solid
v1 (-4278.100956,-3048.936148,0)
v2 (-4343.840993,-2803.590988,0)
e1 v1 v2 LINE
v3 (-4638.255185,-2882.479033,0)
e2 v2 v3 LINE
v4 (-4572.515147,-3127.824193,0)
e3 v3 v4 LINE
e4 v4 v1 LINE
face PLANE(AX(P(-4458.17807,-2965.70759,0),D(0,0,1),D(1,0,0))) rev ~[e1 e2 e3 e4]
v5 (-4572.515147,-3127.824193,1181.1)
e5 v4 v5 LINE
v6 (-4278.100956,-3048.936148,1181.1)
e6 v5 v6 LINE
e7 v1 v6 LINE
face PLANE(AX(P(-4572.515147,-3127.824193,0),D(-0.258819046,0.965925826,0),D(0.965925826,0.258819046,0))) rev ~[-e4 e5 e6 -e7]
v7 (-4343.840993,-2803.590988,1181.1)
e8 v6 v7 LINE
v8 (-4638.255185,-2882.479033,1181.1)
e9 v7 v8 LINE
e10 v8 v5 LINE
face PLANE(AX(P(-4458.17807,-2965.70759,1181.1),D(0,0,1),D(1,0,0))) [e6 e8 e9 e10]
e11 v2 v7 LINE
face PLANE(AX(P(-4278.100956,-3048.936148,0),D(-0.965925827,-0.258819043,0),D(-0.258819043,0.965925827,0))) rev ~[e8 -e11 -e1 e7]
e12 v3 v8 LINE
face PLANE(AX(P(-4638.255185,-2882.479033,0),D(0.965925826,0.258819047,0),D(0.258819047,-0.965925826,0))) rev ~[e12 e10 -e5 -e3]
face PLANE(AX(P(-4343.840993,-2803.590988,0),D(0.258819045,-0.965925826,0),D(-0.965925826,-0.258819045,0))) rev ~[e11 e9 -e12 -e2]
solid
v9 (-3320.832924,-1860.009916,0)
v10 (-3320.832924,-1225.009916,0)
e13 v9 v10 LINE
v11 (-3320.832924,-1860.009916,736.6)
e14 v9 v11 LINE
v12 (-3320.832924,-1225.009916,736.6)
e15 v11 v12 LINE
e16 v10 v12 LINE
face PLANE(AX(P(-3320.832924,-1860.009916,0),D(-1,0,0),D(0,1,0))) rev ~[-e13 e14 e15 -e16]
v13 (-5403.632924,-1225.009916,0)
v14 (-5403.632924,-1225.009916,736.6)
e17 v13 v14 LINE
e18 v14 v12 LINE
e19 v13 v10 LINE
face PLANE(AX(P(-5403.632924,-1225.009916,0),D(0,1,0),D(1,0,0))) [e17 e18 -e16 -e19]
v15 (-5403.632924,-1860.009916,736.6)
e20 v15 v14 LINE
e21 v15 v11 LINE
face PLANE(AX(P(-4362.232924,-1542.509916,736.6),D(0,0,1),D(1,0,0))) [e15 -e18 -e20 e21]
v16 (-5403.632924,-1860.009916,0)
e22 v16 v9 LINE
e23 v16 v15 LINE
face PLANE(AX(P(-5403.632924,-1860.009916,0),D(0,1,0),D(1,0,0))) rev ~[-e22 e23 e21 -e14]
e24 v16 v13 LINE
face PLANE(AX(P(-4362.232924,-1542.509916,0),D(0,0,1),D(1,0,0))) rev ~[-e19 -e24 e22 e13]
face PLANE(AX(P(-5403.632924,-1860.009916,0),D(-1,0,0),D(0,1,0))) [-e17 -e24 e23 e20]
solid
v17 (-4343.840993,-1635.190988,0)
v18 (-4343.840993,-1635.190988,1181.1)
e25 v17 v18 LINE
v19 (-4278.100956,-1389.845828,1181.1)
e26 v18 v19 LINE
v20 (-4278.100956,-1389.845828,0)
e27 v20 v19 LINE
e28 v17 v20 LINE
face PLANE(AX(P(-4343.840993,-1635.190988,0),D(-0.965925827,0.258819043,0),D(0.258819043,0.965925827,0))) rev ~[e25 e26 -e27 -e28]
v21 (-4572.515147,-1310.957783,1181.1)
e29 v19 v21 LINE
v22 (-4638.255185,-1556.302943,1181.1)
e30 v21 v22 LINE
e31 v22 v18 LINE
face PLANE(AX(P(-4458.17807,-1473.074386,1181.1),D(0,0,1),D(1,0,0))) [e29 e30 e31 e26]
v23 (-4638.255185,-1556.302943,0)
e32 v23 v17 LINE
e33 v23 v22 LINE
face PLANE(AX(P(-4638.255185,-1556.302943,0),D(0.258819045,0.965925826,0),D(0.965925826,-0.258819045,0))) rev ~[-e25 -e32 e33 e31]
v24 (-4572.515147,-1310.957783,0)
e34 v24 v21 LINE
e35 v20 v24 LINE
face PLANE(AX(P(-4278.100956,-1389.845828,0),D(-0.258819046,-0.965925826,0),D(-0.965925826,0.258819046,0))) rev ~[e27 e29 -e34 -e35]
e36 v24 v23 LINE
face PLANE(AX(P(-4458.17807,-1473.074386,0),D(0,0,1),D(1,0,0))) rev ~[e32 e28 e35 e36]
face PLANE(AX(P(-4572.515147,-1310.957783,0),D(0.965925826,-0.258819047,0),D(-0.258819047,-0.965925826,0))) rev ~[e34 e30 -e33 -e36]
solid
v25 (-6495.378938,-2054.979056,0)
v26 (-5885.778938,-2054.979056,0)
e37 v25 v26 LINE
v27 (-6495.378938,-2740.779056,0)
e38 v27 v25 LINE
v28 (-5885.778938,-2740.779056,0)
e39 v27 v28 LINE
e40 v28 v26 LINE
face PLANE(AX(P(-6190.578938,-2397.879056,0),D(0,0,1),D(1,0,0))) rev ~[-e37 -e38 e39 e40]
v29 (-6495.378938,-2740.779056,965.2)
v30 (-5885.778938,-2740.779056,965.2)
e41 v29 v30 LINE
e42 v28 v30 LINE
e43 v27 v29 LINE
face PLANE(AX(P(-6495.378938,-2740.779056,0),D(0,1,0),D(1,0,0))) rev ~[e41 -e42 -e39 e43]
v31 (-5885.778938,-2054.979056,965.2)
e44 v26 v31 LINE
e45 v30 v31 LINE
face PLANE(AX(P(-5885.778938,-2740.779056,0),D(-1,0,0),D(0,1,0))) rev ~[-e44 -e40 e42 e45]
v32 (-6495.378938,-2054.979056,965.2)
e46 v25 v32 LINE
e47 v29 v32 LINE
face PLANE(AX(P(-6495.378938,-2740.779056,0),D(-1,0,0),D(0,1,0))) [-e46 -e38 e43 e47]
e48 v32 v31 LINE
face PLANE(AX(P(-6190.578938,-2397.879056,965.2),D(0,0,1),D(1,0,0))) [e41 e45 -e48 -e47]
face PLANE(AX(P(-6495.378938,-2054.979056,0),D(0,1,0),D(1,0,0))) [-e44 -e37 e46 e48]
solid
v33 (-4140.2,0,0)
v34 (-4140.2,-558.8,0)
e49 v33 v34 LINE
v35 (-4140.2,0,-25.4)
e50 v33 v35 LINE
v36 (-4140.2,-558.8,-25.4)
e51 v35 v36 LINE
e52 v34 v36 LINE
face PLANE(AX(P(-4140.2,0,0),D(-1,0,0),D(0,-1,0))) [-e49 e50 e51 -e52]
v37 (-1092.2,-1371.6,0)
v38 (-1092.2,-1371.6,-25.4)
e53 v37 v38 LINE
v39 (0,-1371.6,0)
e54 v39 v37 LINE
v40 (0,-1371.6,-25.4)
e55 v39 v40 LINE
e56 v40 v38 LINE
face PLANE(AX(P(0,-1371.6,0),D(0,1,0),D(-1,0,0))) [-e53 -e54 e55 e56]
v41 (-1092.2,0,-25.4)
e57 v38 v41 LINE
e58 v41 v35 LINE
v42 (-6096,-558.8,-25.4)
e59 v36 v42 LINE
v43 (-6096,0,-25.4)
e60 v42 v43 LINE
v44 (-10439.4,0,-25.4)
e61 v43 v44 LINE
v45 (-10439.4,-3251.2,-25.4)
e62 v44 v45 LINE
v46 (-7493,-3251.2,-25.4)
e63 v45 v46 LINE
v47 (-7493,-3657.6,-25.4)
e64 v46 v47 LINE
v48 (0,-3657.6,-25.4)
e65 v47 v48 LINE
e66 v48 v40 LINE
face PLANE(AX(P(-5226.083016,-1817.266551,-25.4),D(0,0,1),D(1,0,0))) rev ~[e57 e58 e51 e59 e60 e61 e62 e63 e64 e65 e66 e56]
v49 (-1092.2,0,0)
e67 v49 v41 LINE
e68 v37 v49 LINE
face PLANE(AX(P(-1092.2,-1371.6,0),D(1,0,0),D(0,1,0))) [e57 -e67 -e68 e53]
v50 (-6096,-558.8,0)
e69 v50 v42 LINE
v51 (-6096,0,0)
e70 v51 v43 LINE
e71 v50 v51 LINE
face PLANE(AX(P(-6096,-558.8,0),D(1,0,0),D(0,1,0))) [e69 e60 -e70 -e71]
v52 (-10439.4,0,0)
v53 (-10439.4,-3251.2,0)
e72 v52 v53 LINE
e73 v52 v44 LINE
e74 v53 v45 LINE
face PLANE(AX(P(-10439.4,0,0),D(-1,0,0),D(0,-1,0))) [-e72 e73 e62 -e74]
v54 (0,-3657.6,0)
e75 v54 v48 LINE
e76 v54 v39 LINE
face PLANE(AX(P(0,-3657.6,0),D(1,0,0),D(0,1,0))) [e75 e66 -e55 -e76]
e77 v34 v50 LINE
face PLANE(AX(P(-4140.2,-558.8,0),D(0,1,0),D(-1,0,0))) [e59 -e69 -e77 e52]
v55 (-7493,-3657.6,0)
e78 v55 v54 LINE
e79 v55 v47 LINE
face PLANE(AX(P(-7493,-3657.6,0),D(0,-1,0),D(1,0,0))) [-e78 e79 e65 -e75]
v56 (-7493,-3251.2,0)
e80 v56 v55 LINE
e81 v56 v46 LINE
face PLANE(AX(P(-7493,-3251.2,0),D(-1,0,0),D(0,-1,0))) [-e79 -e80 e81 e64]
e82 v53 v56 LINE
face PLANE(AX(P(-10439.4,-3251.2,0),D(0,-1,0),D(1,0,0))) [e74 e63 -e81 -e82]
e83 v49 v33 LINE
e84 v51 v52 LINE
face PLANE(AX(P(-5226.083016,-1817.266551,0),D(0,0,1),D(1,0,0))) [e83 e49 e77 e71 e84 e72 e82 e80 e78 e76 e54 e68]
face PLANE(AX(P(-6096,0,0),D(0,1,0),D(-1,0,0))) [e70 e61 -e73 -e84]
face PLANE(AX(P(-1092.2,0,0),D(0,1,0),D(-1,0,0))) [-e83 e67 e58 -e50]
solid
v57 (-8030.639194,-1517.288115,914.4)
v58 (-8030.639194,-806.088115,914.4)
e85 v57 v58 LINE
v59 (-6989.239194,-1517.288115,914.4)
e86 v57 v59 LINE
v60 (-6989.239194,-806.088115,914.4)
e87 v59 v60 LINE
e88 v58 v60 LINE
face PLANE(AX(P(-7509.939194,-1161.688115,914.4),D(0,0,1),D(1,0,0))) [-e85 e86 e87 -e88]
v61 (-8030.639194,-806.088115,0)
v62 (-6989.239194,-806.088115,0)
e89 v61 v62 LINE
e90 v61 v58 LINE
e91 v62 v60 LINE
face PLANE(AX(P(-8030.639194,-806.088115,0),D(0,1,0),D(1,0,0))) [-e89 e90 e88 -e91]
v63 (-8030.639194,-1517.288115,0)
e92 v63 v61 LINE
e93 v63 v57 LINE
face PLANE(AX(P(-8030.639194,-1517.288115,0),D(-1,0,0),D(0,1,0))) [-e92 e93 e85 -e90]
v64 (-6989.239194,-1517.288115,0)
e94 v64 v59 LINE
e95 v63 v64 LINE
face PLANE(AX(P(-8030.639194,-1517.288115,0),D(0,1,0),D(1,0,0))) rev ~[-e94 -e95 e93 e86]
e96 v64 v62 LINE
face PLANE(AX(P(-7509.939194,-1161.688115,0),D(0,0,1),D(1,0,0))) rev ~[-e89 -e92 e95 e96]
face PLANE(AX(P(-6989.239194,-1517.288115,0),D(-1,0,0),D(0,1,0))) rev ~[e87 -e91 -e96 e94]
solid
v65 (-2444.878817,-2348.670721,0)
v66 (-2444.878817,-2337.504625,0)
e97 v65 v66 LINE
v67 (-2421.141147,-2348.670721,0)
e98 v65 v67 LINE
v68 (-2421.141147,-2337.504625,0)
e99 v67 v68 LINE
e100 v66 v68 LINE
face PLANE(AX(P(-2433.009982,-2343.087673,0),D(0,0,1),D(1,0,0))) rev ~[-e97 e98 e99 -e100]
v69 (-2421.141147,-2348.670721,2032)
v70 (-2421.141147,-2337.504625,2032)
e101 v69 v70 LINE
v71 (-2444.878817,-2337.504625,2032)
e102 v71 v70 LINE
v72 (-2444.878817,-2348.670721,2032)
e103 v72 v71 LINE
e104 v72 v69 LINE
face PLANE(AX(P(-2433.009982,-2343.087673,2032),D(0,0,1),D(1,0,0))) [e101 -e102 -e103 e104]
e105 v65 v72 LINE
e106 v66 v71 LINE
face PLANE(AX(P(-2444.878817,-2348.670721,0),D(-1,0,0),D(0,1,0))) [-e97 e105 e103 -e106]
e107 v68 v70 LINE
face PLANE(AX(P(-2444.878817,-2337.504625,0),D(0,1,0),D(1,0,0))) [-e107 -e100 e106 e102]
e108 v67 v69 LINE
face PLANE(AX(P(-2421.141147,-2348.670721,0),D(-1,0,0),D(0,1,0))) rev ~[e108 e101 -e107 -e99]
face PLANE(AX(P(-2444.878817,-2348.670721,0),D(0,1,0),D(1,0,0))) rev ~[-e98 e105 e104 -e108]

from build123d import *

# Parameters (mm, degrees)
F1_DEPTH  = 25.4
F2_W      = 2082.8
F2_H      = 635
F3_DEPTH  = 736.6
F4_W      = 1041.4
F4_H      = 711.2
F5_DEPTH  = 914.4
F6_W      = 609.6
F6_H      = 685.8
F7_DEPTH  = 965.2
F9_DEPTH  = 1181.1
F10_W     = 23.737669
F10_H     = 11.166096
F11_DEPTH = 2032


with BuildPart() as f1:
    # F0 (on Top) → F1 (new body)
    with BuildSketch(Plane.XY):
        Polygon((-1092.2, -1371.6), (-1092.2, 0), (-1233.089447, 0), (-4140.2, 0), (-4140.2, -558.8), (-6096, -558.8), (-6096, 0), (-10439.4, 0), (-10439.4, -2339.524269), (-10439.4, -3251.2), (-7493, -3251.2), (-7493, -3657.6), (0, -3657.6), (0, -1371.6), (-939.8, -1371.6), align=None)
    extrude(amount=-F1_DEPTH)


with BuildPart() as f3:
    # F2 (on Top) → F3 (new body)
    with BuildSketch(Plane.XY):
        with Locations((-4362.232924, -1542.509916)):
            Rectangle(F2_W, F2_H)
    extrude(amount=F3_DEPTH)


with BuildPart() as f5:
    # F4 (on Top) → F5 (new body)
    with BuildSketch(Plane.XY):
        with Locations((-7509.939194, -1161.688115)):
            Rectangle(F4_W, F4_H)
    extrude(amount=F5_DEPTH)


with BuildPart() as f7:
    # F6 (on Top) → F7 (new body)
    with BuildSketch(Plane.XY):
        with Locations((-6190.578938, -2397.879056)):
            Rectangle(F6_W, F6_H)
    extrude(amount=F7_DEPTH)


with BuildPart() as f9:
    # F8 (on face) → F9 (new body)
    with BuildSketch(Plane.XY):
        Polygon((-4343.840993, -2803.590988), (-4638.255185, -2882.479033), (-4572.515147, -3127.824193), (-4278.100956, -3048.936148), align=None)
        Polygon((-4278.100956, -1389.845828), (-4572.515147, -1310.957783), (-4638.255185, -1556.302943), (-4343.840993, -1635.190988), align=None)
    extrude(amount=F9_DEPTH)


with BuildPart() as f11:
    # F10 (on face) → F11 (new body)
    with BuildSketch(Plane.XY):
        with Locations((-2433.009982, -2343.087673)):
            Rectangle(F10_W, F10_H)
    extrude(amount=F11_DEPTH)


solid = Compound([f1.part, f3.part, f5.part, f7.part, f9.part, f11.part])
